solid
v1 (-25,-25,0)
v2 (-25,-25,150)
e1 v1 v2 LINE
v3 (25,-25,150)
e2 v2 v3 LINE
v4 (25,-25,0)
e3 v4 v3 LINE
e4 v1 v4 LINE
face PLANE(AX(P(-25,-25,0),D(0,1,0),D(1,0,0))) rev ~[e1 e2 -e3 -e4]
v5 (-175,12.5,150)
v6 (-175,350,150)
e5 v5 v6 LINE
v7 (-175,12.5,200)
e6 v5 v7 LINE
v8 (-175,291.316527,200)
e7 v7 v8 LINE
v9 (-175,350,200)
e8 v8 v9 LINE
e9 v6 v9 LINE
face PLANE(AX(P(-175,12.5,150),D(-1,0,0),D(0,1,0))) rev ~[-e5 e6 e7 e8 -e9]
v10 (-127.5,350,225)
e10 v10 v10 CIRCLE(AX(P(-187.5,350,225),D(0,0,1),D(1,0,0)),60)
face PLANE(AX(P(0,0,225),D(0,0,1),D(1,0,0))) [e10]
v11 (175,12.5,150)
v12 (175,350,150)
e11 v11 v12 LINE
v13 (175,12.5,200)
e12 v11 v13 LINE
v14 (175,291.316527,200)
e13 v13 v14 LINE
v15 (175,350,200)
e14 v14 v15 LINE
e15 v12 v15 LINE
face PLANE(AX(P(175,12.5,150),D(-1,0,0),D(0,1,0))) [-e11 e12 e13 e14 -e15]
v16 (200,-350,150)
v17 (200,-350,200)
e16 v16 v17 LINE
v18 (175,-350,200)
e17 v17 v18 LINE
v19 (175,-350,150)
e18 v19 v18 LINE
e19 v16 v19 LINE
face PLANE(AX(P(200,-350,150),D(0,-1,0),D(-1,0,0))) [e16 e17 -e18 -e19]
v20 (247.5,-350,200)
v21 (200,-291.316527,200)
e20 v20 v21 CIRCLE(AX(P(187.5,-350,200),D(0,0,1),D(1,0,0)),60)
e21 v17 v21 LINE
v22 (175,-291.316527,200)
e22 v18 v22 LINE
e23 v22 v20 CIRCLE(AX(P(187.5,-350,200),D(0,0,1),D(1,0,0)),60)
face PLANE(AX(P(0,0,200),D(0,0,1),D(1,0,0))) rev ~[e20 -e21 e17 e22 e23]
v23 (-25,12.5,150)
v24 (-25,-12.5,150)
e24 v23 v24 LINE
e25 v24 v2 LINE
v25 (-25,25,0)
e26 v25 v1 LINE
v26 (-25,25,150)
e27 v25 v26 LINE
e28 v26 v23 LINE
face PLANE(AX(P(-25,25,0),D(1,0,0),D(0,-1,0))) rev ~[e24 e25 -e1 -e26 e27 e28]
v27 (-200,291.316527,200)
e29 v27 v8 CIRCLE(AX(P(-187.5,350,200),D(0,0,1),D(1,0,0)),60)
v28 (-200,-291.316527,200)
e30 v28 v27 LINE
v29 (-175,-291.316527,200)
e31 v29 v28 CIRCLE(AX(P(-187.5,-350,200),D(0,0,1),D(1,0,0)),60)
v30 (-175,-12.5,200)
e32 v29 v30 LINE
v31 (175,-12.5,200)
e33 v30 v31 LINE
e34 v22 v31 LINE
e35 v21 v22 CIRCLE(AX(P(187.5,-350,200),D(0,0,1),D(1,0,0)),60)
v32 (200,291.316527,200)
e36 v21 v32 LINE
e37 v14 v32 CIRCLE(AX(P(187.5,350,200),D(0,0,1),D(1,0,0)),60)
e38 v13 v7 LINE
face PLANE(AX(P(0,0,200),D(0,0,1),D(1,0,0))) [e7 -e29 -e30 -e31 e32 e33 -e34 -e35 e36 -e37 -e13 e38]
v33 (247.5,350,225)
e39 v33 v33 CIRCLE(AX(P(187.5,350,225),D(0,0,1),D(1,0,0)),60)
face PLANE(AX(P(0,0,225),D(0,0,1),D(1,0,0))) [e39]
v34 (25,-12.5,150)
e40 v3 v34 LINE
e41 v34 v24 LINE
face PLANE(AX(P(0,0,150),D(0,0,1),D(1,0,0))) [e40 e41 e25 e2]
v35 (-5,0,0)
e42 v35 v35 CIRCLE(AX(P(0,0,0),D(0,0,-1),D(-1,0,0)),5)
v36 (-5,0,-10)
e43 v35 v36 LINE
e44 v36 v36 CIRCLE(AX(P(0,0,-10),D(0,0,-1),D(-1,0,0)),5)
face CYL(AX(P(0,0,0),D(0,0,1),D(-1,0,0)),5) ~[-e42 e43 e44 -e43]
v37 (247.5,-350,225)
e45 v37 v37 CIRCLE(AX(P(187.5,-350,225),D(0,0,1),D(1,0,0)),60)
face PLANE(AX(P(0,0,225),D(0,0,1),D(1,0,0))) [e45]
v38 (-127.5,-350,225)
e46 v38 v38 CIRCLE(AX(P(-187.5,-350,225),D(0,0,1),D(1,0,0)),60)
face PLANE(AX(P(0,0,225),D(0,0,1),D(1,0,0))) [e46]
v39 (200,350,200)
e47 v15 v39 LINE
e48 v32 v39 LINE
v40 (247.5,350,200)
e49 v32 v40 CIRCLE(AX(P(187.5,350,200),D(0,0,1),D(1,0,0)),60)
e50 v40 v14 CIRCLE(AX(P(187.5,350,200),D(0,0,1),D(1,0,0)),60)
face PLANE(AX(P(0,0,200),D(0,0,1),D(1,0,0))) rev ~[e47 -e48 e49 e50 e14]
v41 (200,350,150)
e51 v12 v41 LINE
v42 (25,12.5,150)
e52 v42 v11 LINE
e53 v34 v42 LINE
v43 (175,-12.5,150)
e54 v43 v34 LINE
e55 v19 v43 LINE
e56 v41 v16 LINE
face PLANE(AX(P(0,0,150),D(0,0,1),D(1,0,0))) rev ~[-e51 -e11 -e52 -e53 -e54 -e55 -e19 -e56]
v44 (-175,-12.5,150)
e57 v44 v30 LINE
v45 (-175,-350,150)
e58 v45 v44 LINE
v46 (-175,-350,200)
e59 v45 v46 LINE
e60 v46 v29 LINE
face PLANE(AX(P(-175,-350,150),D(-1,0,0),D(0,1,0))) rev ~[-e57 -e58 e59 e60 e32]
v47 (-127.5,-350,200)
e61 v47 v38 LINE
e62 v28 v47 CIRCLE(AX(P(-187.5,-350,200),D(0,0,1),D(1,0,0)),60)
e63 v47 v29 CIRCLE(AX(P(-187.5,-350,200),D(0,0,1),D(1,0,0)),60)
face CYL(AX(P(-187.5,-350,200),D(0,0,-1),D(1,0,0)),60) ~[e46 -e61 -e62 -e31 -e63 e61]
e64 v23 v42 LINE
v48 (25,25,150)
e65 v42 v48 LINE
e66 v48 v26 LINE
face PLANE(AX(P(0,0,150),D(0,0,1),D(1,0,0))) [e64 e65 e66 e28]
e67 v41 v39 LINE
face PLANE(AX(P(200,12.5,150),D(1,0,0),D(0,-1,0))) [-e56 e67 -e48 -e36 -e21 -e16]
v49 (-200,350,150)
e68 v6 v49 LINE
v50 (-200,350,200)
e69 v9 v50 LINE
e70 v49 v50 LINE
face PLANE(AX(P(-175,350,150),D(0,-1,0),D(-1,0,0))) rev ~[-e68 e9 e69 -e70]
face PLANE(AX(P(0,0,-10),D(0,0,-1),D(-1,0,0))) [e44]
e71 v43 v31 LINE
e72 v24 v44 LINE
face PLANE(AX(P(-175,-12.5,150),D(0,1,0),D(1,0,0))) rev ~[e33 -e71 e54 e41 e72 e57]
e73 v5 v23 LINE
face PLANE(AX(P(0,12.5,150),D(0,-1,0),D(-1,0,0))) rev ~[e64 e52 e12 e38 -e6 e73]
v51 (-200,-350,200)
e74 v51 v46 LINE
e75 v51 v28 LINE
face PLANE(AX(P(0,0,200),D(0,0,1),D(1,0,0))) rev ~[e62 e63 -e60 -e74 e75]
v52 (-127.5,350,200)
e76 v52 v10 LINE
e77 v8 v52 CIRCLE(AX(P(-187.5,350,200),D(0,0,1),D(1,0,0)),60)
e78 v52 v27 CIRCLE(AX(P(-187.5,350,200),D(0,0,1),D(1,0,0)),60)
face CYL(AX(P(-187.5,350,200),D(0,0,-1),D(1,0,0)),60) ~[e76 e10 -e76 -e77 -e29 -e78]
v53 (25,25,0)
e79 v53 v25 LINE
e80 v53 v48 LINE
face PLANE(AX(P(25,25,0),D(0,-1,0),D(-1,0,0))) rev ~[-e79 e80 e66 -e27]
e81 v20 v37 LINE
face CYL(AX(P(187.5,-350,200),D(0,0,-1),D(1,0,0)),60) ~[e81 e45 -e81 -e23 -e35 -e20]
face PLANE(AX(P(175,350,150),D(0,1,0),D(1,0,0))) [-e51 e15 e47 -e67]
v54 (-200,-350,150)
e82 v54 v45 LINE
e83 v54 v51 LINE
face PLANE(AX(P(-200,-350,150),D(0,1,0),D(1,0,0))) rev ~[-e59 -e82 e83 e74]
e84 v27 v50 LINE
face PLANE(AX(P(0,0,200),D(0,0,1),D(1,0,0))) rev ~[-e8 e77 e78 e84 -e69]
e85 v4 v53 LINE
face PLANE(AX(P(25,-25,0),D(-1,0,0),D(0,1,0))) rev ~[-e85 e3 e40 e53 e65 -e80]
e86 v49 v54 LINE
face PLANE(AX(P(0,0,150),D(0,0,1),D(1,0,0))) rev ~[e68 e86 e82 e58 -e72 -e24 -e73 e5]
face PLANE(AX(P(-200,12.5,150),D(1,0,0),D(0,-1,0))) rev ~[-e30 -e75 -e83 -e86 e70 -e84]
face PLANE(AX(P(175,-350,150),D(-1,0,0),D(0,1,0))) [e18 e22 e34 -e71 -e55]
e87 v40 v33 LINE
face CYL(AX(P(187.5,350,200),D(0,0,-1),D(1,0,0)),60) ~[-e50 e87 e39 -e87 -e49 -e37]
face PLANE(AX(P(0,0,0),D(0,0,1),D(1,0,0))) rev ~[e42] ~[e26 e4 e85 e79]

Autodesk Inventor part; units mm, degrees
ref_plane "YZ Plane" through (0, 0, 0) normal (1, 0, 0) x (0, 1, 0)
ref_plane "XZ Plane" through (0, 0, 0) normal (0, 1, 0) x (-1, 0, 0)
ref_plane "XY Plane" through (0, 0, 0) normal (0, 0, 1) x (1, 0, 0)
sketch "Sketch1" plane through (0, 0, 0) normal (0, 0, 1) x (1, 0, 0)
  line L0 (-25, -25) -> (25, -25)
  line L1 (25, -25) -> (25, 25)
  line L2 (25, 25) -> (-25, 25)
  line L3 (-25, 25) -> (-25, -25)
  point P0 (0, 0)
  dimension "d0" = 50
  dimension "d1" = 50
  dimension "d2" = 25
  dimension "d3" = 25
extrude "Extrusion1" add sketch "Sketch1" along normal blind 150
sketch "Sketch2" plane through (0, 0, 0) normal (0, 0, -1) x (-1, 0, 0)
  circle A0 centre (0, 0) radius 5
  dimension "d6" = 10
extrude "Extrusion2" add sketch "Sketch2" along normal blind 10
sketch "Sketch3" plane through (0, 0, 150) normal (0, 0, 1) x (1, 0, 0)
  line L0 (-200, -12.5) -> (0, -12.5)
  line L1 (0, -12.5) -> (0, 12.5)
  line L2 (0, 12.5) -> (-200, 12.5)
  line L3 (-200, 12.5) -> (-200, -12.5)
  line L4 (-200, -350) -> (-175, -350)
  line L5 (-175, -350) -> (-175, 350)
  line L6 (-175, 350) -> (-200, 350)
  line L7 (-200, 350) -> (-200, -350)
  line L8 (200, -12.5) -> (0, -12.5)
  line L9 (0, 12.5) -> (200, 12.5)
  line L10 (200, 12.5) -> (200, -12.5)
  line L11 (200, -350) -> (175, -350)
  line L12 (175, -350) -> (175, 350)
  line L13 (175, 350) -> (200, 350)
  line L14 (200, 350) -> (200, -350)
  point P0 (0, 0)
  point P1 (0, 0)
  point P2 (-187.5, -350)
  point P3 (187.5, -350)
  point P4 (-175, -12.5)
  point P5 (175, -12.5)
  point P6 (175, 12.5)
  point P7 (-175, 12.5)
  dimension "d9" = 25
  dimension "d10" = 200
  dimension "d11" = 25
  dimension "d12" = 700
  dimension "d13" = 350
extrude "Extrusion3" add sketch "Sketch3" along normal blind 50
sketch "Sketch4" plane through (0, 0, 200) normal (0, 0, 1) x (1, 0, 0)
  line L0 (-200, -350) -> (-175, -350) projected
  circle A0 centre (-187.5, -350) radius 60
  line L1 (-187.5, -350) -> (-187.5, 371.532) construction
  line L2 (-187.5, -350) -> (187.5, -350) construction
  line L3 (175, -350) -> (200, -350) projected
  circle A1 centre (-187.5, 350) radius 60
  circle A2 centre (187.5, -350) radius 60
  circle A3 centre (187.5, 350) radius 60
  point P0 (0, 0)
  dimension "d16" = 120
  dimension "d19" = 700
  dimension "d22" = 375
extrude "Extrusion4" add sketch "Sketch4" along normal blind 25
equation "\"d0\" = d1"
equation "\"d2\" = 0.5 * d0"
equation "\"d3\" = d2"
equation "\"d13\" = 0.5 * d12"
properties part number "LINK 6"
